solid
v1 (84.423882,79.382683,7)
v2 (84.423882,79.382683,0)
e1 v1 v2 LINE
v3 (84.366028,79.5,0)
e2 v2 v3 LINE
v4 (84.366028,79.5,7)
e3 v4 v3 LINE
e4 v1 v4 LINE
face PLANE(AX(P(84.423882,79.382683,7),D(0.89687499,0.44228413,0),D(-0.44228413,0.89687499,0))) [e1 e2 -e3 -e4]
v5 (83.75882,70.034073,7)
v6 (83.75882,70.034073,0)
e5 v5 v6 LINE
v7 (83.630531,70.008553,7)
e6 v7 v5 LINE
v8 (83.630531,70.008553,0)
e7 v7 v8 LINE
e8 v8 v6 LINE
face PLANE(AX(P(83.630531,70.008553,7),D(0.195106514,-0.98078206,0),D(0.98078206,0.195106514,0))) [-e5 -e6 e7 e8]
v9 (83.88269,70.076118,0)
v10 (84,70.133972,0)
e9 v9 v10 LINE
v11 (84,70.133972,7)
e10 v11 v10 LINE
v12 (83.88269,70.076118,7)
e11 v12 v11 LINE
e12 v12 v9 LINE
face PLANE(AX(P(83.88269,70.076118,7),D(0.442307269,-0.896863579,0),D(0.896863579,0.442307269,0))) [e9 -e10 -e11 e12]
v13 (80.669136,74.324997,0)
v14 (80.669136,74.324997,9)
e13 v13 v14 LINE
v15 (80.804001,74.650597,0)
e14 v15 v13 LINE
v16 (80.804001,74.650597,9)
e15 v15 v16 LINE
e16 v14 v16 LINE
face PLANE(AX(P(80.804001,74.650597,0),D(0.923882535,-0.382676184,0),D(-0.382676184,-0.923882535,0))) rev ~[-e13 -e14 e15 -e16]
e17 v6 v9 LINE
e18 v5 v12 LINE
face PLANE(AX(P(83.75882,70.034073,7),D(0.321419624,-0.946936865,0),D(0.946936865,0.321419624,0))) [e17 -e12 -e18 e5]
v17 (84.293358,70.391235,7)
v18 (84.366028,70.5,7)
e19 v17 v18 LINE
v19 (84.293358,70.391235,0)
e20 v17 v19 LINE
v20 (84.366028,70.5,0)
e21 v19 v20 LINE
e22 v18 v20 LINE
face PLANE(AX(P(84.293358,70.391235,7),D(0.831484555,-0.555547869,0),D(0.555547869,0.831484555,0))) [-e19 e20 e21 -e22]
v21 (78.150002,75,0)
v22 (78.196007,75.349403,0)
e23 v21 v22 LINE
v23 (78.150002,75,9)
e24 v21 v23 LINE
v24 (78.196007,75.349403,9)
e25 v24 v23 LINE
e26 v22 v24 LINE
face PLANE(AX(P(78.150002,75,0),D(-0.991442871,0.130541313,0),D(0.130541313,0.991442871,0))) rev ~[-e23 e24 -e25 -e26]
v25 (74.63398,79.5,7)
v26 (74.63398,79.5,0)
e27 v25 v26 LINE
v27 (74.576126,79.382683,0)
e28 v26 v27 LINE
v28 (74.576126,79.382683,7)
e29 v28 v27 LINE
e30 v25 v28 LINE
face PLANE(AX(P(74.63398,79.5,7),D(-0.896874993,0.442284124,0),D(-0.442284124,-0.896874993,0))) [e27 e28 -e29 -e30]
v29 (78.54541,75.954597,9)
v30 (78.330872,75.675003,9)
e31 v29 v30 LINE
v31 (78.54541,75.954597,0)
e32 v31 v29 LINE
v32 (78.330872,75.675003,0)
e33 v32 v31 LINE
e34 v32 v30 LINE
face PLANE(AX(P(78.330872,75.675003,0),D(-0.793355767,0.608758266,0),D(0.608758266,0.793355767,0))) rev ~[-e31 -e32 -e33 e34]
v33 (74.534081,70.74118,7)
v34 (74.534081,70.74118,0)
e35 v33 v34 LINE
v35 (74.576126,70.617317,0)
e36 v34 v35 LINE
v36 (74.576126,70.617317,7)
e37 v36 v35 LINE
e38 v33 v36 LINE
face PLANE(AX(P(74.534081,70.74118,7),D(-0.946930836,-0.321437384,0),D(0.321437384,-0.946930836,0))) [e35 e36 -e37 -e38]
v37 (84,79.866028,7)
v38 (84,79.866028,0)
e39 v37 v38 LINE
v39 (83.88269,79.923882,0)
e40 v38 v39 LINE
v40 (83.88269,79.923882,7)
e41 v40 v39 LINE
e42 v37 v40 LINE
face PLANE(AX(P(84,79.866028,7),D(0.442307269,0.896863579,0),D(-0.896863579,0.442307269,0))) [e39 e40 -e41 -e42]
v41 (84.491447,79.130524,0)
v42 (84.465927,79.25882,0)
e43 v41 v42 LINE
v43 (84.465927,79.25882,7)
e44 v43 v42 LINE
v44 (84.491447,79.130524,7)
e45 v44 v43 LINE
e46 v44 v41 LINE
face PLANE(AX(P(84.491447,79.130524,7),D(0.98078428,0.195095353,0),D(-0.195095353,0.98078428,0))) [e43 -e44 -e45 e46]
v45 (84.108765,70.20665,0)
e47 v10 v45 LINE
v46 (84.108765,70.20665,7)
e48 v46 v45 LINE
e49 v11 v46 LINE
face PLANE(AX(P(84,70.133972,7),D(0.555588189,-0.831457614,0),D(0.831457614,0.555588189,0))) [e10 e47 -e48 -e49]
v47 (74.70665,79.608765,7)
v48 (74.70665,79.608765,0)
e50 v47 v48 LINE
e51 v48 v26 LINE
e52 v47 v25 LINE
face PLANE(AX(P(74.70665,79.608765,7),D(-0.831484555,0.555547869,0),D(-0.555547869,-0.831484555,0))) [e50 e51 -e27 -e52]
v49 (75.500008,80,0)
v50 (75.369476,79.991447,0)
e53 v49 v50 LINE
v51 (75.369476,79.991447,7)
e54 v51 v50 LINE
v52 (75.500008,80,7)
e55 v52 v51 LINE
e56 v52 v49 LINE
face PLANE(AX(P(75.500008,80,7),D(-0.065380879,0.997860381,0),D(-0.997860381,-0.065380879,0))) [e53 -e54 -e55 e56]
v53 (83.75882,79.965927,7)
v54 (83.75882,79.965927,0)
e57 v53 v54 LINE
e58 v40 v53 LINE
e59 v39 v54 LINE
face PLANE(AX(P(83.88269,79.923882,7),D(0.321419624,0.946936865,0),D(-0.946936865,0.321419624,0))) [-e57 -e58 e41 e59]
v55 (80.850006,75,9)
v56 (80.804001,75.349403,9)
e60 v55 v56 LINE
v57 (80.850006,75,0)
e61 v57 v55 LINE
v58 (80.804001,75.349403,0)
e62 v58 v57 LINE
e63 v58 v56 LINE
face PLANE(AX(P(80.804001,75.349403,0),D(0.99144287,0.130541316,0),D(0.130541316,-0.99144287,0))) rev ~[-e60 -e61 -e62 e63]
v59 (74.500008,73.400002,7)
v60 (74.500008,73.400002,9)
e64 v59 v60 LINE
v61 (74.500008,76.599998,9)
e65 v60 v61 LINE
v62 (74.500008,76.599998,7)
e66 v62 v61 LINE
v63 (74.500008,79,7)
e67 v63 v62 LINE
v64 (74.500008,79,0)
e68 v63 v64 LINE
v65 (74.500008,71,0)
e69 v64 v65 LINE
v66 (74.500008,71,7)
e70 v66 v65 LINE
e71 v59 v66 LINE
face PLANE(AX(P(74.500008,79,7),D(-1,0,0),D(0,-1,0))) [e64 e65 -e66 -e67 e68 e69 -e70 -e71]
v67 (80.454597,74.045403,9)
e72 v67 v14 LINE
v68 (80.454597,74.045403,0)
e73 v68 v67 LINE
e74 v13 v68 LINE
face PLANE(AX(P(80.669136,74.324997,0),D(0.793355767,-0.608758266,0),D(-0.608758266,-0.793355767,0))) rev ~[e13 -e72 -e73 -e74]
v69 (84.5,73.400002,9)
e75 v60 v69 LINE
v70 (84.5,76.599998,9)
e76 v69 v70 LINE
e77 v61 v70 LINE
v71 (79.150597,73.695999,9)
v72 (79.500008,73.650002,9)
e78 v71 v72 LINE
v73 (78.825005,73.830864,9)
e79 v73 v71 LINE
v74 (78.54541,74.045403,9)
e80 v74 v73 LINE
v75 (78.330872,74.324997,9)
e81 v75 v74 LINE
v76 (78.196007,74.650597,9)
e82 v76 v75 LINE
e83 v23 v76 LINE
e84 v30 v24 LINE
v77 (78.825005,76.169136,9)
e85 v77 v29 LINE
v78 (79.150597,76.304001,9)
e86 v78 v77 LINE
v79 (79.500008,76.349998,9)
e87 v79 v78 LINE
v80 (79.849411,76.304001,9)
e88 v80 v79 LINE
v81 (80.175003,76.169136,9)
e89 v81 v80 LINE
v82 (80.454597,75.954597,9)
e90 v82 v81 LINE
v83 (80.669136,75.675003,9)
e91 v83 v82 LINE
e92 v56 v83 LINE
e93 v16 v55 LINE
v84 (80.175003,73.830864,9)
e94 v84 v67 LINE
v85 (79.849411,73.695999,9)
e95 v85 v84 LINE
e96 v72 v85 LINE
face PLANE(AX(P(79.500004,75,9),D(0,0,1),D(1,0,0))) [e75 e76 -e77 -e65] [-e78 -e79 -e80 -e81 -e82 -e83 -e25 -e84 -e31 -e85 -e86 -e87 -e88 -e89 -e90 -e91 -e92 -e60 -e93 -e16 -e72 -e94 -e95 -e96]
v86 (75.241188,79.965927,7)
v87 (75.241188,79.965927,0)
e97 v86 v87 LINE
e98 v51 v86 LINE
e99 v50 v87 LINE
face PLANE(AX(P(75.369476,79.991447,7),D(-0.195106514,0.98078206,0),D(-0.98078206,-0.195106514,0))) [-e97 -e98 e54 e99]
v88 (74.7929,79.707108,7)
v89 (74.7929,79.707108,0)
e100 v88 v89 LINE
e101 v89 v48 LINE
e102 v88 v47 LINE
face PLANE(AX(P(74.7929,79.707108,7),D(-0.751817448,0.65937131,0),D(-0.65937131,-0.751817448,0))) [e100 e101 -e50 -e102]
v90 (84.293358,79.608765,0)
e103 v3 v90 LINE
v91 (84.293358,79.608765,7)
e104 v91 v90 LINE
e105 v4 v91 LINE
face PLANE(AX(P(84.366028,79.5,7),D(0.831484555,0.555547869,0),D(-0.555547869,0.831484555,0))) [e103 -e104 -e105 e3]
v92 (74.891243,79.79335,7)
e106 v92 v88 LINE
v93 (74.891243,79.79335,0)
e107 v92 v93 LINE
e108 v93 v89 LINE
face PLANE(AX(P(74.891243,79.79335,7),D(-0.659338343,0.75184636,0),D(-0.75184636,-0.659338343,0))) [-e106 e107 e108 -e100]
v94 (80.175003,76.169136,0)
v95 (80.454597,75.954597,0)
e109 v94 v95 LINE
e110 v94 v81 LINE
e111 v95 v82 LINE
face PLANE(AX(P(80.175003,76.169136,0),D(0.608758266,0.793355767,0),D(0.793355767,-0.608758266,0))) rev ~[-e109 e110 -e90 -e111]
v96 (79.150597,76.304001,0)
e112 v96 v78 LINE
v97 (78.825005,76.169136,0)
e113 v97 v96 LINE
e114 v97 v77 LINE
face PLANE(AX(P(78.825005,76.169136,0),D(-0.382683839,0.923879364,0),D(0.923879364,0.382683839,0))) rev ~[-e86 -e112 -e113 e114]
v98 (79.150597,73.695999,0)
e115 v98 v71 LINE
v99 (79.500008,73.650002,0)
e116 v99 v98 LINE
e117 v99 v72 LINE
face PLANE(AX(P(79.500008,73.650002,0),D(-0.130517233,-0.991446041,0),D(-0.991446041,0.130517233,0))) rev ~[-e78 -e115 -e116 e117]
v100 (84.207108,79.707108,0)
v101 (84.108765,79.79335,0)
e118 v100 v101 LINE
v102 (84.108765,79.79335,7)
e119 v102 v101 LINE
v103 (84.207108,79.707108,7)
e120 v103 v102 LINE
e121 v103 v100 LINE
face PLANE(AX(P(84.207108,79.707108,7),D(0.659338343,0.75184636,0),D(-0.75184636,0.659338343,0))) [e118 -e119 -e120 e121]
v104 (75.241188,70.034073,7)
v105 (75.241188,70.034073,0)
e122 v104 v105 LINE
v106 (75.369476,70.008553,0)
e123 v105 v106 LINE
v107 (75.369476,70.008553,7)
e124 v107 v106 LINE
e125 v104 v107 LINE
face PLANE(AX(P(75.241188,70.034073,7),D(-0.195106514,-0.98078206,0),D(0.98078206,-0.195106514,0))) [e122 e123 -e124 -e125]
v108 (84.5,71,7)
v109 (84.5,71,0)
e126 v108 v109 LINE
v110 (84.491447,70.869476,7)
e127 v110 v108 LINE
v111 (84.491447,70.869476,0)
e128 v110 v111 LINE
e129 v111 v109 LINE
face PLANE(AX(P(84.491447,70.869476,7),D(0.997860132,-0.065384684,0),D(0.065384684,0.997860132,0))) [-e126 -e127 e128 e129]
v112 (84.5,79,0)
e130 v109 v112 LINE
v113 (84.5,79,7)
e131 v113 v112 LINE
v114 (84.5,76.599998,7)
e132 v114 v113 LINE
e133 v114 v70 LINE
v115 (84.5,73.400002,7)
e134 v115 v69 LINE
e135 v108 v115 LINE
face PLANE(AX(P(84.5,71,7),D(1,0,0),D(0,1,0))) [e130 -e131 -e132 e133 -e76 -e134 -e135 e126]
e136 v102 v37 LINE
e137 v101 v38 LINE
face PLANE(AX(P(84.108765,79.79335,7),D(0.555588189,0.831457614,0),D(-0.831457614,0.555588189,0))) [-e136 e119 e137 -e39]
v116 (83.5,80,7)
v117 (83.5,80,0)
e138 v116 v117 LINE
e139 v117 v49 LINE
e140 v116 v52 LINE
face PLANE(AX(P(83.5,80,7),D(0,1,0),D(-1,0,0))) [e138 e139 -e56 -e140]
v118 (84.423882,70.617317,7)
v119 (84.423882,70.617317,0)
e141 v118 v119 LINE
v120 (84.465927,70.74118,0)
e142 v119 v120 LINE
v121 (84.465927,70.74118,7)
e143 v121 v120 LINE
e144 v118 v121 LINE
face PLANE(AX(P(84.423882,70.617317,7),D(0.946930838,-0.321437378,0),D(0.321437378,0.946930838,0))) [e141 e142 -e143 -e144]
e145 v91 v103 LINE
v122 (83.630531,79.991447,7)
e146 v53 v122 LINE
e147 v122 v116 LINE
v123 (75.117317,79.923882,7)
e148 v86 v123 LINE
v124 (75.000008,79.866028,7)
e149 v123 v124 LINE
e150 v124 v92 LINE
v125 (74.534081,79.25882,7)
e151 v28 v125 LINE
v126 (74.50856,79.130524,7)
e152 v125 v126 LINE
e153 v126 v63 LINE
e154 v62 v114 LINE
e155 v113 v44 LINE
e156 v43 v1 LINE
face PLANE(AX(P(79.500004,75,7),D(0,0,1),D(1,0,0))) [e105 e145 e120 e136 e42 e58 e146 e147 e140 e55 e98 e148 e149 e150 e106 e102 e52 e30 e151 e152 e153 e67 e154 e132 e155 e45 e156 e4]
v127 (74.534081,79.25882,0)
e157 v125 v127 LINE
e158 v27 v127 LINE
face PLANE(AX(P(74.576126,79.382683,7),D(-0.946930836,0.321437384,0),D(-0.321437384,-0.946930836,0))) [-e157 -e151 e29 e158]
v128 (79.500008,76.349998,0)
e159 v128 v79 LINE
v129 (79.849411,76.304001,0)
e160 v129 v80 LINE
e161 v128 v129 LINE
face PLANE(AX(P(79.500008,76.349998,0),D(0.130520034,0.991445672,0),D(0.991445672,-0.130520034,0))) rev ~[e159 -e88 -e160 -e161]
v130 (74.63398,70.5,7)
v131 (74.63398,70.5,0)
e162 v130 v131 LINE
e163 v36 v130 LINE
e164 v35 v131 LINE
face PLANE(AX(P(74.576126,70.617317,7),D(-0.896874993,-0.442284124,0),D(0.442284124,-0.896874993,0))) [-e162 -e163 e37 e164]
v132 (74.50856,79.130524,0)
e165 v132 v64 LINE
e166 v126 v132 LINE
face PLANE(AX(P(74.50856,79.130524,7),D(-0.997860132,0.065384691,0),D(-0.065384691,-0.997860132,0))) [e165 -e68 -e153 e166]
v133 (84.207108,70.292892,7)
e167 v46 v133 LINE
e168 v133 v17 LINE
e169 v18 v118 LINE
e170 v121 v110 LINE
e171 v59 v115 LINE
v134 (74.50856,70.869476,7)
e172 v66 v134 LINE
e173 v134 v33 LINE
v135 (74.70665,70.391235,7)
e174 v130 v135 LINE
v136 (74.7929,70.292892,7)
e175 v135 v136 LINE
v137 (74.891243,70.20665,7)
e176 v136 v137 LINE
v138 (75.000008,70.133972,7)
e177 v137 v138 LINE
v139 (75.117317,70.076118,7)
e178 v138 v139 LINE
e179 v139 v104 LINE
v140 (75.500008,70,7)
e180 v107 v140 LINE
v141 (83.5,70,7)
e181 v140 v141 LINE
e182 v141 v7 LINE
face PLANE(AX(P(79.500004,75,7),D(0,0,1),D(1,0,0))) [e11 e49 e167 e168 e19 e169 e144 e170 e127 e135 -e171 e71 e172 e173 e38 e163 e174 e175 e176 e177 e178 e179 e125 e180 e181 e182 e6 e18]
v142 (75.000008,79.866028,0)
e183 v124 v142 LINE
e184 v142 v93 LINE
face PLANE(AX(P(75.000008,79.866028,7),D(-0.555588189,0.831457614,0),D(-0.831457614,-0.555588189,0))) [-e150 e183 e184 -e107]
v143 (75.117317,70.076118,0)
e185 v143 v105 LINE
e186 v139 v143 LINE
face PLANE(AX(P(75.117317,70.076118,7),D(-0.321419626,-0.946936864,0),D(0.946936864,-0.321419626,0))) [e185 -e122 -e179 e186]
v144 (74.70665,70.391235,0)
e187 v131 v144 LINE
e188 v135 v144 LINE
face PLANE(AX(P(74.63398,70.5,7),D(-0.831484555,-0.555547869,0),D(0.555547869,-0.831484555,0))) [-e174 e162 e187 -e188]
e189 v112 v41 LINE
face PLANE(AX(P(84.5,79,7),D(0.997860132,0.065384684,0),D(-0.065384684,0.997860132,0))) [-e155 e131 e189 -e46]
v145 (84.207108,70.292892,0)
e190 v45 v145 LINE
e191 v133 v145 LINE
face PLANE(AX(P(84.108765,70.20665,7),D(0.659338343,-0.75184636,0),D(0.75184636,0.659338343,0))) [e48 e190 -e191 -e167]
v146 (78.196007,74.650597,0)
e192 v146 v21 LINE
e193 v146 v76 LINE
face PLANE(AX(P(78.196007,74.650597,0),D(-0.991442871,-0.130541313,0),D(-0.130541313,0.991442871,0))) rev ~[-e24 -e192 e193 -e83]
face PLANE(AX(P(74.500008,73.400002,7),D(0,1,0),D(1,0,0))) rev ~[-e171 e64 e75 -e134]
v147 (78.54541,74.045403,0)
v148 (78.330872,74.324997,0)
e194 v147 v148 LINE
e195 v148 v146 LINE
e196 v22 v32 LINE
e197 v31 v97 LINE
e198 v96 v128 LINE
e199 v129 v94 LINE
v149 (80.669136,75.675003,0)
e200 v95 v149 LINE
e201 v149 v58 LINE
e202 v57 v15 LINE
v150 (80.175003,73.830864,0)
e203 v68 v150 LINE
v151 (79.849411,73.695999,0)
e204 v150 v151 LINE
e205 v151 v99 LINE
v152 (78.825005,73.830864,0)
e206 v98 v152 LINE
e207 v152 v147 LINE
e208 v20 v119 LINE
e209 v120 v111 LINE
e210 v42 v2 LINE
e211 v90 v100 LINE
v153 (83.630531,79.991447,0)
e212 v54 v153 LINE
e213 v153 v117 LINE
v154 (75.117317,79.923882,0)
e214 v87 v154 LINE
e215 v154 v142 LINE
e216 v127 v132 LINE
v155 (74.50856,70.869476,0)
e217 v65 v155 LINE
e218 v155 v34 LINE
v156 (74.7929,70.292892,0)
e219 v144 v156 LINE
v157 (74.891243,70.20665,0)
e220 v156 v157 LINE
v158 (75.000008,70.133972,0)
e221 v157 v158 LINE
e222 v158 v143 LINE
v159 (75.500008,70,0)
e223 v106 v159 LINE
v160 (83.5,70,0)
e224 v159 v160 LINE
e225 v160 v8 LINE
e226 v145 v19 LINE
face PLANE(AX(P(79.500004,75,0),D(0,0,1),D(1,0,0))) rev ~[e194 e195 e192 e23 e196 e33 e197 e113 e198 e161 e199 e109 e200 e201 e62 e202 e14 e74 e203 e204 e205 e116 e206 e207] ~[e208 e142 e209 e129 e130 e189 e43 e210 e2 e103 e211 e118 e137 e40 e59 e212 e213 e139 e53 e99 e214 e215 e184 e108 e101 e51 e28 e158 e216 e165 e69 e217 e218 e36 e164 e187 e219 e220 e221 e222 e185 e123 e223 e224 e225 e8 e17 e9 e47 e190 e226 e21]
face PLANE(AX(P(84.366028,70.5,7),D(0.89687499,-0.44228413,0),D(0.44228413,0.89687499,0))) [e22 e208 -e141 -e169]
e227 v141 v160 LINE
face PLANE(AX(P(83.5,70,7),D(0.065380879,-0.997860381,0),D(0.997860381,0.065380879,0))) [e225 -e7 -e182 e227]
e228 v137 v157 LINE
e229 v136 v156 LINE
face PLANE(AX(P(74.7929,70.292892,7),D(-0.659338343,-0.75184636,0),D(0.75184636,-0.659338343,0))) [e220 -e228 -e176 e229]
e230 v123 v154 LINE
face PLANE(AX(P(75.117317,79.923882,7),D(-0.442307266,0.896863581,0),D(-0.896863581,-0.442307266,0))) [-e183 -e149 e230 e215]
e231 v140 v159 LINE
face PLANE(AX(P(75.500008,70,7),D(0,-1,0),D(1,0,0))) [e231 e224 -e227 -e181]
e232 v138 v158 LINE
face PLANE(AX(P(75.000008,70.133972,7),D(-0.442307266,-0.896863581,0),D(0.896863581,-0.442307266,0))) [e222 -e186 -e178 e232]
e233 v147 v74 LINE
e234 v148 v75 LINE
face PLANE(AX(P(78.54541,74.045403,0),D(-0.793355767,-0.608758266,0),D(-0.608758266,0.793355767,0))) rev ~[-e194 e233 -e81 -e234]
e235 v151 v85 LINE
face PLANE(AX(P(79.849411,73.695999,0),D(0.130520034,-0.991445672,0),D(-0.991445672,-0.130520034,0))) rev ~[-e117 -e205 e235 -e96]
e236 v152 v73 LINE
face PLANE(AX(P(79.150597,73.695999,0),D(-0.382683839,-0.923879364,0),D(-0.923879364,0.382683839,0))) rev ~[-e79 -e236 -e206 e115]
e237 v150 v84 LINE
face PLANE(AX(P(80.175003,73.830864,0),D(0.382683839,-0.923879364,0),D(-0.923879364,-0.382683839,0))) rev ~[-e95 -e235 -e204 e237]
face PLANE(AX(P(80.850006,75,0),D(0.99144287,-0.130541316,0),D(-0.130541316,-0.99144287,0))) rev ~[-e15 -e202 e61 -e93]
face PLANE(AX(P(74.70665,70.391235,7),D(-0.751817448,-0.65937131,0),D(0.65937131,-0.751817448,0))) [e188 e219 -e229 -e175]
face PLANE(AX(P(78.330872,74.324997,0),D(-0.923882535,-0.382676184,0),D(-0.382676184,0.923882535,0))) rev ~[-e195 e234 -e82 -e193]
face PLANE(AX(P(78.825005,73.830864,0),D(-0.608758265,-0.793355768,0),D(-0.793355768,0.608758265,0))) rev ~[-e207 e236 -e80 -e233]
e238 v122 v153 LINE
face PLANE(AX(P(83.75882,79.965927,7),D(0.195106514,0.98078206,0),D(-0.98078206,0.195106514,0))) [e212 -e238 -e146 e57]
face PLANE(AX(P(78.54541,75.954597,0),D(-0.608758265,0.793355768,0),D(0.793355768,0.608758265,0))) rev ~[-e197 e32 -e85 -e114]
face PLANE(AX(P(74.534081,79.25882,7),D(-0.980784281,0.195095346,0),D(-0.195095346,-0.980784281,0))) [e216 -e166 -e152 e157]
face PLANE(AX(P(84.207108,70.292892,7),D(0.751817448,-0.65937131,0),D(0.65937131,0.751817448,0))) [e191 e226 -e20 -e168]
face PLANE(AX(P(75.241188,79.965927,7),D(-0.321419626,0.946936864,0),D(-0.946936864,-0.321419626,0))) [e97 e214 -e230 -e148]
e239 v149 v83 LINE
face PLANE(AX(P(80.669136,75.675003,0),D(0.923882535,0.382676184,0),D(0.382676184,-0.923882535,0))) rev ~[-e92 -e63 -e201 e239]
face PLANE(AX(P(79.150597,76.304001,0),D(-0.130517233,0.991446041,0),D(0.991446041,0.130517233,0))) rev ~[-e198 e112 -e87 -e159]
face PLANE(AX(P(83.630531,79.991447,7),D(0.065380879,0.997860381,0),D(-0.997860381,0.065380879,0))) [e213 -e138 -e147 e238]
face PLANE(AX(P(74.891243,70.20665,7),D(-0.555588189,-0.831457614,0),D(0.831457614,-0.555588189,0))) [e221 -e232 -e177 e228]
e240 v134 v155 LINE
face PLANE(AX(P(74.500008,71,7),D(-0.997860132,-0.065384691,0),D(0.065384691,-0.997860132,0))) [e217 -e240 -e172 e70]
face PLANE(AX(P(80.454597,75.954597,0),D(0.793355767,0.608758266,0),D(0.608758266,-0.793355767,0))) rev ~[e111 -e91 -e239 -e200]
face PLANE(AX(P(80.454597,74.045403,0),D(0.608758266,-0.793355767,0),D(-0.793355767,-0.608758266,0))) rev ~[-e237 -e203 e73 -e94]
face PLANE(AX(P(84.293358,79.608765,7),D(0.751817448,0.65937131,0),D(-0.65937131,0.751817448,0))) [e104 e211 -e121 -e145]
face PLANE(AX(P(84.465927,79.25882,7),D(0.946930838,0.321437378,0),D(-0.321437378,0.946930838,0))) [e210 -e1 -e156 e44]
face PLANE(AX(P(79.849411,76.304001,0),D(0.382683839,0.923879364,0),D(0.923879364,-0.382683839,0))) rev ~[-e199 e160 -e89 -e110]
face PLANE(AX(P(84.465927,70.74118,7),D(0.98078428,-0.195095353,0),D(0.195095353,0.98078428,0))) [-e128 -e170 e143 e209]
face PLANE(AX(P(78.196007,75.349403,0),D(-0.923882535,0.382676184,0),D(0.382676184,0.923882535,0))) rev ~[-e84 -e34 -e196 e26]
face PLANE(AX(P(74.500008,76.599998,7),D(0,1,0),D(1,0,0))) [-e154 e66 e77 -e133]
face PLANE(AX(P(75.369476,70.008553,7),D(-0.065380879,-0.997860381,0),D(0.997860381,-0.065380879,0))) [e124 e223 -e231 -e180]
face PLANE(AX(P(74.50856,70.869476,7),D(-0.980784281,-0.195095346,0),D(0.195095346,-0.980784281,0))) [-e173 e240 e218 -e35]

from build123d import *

# Parameters (mm, degrees)
BOSS_EXTRUDE1_DEPTH = 7
SKETCH2_W           = 9.999992371
SKETCH2_H           = 3.199996948
BOSS_EXTRUDE2_DEPTH = 2
CUT_EXTRUDE1_DEPTH  = 117.710110959


with BuildPart() as part:
    # Sketch1 → Boss-Extrude1 (new body)
    with BuildSketch(Plane.XY.offset(7)):
        Polygon((84.366027832, 79.5), (84.293357849, 79.608764648), (84.207107544, 79.707107544), (84.108764648, 79.79335022), (84, 79.866027832), (83.88269043, 79.923881531), (83.75881958, 79.965927124), (83.630531311, 79.991447449), (83.5, 80), (75.500007629, 80), (75.369476318, 79.991447449), (75.241188049, 79.965927124), (75.1173172, 79.923881531), (75.000007629, 79.866027832), (74.891242981, 79.79335022), (74.792900085, 79.707107544), (74.70664978, 79.608764648), (74.633979797, 79.5), (74.576126099, 79.3826828), (74.534080505, 79.25881958), (74.508560181, 79.130523682), (74.500007629, 79), (74.500007629, 71), (74.508560181, 70.869476318), (74.534080505, 70.74118042), (74.576126099, 70.6173172), (74.633979797, 70.5), (74.70664978, 70.391235352), (74.792900085, 70.292892456), (74.891242981, 70.20664978), (75.000007629, 70.133972168), (75.1173172, 70.076118469), (75.241188049, 70.034072876), (75.369476318, 70.008552551), (75.500007629, 70), (83.5, 70), (83.630531311, 70.008552551), (83.75881958, 70.034072876), (83.88269043, 70.076118469), (84, 70.133972168), (84.108764648, 70.20664978), (84.207107544, 70.292892456), (84.293357849, 70.391235352), (84.366027832, 70.5), (84.423881531, 70.6173172), (84.465927124, 70.74118042), (84.491447449, 70.869476318), (84.5, 71), (84.5, 79), (84.491447449, 79.130523682), (84.465927124, 79.25881958), (84.423881531, 79.3826828), align=None)
    extrude(amount=-BOSS_EXTRUDE1_DEPTH)

    # Sketch2 → Boss-Extrude2 (add)
    with BuildSketch(Plane.XY.offset(7)):
        with Locations((79.500003815, 75)):
            Rectangle(SKETCH2_W, SKETCH2_H)
    extrude(amount=BOSS_EXTRUDE2_DEPTH)

    # Sketch3 → Cut-Extrude1 (cut, through all)
    with BuildSketch(Plane(origin=(0, 0, 0), x_dir=(-1, 0, 0), z_dir=(0, 0, -1))):
        Polygon((-80.454597473, 75.954597473), (-80.669136047, 75.675003052), (-80.804000854, 75.349403381), (-80.850006104, 75), (-80.804000854, 74.650596619), (-80.669136047, 74.324996948), (-80.454597473, 74.045402527), (-80.175003052, 73.830863953), (-79.849411011, 73.695999146), (-79.500007629, 73.650001526), (-79.150596619, 73.695999146), (-78.825004578, 73.830863953), (-78.545410156, 74.045402527), (-78.330871582, 74.324996948), (-78.196006775, 74.650596619), (-78.150001526, 75), (-78.196006775, 75.349403381), (-78.330871582, 75.675003052), (-78.545410156, 75.954597473), (-78.825004578, 76.169136047), (-79.150596619, 76.304000854), (-79.500007629, 76.349998474), (-79.849411011, 76.304000854), (-80.175003052, 76.169136047), align=None)
    extrude(amount=-CUT_EXTRUDE1_DEPTH, mode=Mode.SUBTRACT)


solid = part.part
